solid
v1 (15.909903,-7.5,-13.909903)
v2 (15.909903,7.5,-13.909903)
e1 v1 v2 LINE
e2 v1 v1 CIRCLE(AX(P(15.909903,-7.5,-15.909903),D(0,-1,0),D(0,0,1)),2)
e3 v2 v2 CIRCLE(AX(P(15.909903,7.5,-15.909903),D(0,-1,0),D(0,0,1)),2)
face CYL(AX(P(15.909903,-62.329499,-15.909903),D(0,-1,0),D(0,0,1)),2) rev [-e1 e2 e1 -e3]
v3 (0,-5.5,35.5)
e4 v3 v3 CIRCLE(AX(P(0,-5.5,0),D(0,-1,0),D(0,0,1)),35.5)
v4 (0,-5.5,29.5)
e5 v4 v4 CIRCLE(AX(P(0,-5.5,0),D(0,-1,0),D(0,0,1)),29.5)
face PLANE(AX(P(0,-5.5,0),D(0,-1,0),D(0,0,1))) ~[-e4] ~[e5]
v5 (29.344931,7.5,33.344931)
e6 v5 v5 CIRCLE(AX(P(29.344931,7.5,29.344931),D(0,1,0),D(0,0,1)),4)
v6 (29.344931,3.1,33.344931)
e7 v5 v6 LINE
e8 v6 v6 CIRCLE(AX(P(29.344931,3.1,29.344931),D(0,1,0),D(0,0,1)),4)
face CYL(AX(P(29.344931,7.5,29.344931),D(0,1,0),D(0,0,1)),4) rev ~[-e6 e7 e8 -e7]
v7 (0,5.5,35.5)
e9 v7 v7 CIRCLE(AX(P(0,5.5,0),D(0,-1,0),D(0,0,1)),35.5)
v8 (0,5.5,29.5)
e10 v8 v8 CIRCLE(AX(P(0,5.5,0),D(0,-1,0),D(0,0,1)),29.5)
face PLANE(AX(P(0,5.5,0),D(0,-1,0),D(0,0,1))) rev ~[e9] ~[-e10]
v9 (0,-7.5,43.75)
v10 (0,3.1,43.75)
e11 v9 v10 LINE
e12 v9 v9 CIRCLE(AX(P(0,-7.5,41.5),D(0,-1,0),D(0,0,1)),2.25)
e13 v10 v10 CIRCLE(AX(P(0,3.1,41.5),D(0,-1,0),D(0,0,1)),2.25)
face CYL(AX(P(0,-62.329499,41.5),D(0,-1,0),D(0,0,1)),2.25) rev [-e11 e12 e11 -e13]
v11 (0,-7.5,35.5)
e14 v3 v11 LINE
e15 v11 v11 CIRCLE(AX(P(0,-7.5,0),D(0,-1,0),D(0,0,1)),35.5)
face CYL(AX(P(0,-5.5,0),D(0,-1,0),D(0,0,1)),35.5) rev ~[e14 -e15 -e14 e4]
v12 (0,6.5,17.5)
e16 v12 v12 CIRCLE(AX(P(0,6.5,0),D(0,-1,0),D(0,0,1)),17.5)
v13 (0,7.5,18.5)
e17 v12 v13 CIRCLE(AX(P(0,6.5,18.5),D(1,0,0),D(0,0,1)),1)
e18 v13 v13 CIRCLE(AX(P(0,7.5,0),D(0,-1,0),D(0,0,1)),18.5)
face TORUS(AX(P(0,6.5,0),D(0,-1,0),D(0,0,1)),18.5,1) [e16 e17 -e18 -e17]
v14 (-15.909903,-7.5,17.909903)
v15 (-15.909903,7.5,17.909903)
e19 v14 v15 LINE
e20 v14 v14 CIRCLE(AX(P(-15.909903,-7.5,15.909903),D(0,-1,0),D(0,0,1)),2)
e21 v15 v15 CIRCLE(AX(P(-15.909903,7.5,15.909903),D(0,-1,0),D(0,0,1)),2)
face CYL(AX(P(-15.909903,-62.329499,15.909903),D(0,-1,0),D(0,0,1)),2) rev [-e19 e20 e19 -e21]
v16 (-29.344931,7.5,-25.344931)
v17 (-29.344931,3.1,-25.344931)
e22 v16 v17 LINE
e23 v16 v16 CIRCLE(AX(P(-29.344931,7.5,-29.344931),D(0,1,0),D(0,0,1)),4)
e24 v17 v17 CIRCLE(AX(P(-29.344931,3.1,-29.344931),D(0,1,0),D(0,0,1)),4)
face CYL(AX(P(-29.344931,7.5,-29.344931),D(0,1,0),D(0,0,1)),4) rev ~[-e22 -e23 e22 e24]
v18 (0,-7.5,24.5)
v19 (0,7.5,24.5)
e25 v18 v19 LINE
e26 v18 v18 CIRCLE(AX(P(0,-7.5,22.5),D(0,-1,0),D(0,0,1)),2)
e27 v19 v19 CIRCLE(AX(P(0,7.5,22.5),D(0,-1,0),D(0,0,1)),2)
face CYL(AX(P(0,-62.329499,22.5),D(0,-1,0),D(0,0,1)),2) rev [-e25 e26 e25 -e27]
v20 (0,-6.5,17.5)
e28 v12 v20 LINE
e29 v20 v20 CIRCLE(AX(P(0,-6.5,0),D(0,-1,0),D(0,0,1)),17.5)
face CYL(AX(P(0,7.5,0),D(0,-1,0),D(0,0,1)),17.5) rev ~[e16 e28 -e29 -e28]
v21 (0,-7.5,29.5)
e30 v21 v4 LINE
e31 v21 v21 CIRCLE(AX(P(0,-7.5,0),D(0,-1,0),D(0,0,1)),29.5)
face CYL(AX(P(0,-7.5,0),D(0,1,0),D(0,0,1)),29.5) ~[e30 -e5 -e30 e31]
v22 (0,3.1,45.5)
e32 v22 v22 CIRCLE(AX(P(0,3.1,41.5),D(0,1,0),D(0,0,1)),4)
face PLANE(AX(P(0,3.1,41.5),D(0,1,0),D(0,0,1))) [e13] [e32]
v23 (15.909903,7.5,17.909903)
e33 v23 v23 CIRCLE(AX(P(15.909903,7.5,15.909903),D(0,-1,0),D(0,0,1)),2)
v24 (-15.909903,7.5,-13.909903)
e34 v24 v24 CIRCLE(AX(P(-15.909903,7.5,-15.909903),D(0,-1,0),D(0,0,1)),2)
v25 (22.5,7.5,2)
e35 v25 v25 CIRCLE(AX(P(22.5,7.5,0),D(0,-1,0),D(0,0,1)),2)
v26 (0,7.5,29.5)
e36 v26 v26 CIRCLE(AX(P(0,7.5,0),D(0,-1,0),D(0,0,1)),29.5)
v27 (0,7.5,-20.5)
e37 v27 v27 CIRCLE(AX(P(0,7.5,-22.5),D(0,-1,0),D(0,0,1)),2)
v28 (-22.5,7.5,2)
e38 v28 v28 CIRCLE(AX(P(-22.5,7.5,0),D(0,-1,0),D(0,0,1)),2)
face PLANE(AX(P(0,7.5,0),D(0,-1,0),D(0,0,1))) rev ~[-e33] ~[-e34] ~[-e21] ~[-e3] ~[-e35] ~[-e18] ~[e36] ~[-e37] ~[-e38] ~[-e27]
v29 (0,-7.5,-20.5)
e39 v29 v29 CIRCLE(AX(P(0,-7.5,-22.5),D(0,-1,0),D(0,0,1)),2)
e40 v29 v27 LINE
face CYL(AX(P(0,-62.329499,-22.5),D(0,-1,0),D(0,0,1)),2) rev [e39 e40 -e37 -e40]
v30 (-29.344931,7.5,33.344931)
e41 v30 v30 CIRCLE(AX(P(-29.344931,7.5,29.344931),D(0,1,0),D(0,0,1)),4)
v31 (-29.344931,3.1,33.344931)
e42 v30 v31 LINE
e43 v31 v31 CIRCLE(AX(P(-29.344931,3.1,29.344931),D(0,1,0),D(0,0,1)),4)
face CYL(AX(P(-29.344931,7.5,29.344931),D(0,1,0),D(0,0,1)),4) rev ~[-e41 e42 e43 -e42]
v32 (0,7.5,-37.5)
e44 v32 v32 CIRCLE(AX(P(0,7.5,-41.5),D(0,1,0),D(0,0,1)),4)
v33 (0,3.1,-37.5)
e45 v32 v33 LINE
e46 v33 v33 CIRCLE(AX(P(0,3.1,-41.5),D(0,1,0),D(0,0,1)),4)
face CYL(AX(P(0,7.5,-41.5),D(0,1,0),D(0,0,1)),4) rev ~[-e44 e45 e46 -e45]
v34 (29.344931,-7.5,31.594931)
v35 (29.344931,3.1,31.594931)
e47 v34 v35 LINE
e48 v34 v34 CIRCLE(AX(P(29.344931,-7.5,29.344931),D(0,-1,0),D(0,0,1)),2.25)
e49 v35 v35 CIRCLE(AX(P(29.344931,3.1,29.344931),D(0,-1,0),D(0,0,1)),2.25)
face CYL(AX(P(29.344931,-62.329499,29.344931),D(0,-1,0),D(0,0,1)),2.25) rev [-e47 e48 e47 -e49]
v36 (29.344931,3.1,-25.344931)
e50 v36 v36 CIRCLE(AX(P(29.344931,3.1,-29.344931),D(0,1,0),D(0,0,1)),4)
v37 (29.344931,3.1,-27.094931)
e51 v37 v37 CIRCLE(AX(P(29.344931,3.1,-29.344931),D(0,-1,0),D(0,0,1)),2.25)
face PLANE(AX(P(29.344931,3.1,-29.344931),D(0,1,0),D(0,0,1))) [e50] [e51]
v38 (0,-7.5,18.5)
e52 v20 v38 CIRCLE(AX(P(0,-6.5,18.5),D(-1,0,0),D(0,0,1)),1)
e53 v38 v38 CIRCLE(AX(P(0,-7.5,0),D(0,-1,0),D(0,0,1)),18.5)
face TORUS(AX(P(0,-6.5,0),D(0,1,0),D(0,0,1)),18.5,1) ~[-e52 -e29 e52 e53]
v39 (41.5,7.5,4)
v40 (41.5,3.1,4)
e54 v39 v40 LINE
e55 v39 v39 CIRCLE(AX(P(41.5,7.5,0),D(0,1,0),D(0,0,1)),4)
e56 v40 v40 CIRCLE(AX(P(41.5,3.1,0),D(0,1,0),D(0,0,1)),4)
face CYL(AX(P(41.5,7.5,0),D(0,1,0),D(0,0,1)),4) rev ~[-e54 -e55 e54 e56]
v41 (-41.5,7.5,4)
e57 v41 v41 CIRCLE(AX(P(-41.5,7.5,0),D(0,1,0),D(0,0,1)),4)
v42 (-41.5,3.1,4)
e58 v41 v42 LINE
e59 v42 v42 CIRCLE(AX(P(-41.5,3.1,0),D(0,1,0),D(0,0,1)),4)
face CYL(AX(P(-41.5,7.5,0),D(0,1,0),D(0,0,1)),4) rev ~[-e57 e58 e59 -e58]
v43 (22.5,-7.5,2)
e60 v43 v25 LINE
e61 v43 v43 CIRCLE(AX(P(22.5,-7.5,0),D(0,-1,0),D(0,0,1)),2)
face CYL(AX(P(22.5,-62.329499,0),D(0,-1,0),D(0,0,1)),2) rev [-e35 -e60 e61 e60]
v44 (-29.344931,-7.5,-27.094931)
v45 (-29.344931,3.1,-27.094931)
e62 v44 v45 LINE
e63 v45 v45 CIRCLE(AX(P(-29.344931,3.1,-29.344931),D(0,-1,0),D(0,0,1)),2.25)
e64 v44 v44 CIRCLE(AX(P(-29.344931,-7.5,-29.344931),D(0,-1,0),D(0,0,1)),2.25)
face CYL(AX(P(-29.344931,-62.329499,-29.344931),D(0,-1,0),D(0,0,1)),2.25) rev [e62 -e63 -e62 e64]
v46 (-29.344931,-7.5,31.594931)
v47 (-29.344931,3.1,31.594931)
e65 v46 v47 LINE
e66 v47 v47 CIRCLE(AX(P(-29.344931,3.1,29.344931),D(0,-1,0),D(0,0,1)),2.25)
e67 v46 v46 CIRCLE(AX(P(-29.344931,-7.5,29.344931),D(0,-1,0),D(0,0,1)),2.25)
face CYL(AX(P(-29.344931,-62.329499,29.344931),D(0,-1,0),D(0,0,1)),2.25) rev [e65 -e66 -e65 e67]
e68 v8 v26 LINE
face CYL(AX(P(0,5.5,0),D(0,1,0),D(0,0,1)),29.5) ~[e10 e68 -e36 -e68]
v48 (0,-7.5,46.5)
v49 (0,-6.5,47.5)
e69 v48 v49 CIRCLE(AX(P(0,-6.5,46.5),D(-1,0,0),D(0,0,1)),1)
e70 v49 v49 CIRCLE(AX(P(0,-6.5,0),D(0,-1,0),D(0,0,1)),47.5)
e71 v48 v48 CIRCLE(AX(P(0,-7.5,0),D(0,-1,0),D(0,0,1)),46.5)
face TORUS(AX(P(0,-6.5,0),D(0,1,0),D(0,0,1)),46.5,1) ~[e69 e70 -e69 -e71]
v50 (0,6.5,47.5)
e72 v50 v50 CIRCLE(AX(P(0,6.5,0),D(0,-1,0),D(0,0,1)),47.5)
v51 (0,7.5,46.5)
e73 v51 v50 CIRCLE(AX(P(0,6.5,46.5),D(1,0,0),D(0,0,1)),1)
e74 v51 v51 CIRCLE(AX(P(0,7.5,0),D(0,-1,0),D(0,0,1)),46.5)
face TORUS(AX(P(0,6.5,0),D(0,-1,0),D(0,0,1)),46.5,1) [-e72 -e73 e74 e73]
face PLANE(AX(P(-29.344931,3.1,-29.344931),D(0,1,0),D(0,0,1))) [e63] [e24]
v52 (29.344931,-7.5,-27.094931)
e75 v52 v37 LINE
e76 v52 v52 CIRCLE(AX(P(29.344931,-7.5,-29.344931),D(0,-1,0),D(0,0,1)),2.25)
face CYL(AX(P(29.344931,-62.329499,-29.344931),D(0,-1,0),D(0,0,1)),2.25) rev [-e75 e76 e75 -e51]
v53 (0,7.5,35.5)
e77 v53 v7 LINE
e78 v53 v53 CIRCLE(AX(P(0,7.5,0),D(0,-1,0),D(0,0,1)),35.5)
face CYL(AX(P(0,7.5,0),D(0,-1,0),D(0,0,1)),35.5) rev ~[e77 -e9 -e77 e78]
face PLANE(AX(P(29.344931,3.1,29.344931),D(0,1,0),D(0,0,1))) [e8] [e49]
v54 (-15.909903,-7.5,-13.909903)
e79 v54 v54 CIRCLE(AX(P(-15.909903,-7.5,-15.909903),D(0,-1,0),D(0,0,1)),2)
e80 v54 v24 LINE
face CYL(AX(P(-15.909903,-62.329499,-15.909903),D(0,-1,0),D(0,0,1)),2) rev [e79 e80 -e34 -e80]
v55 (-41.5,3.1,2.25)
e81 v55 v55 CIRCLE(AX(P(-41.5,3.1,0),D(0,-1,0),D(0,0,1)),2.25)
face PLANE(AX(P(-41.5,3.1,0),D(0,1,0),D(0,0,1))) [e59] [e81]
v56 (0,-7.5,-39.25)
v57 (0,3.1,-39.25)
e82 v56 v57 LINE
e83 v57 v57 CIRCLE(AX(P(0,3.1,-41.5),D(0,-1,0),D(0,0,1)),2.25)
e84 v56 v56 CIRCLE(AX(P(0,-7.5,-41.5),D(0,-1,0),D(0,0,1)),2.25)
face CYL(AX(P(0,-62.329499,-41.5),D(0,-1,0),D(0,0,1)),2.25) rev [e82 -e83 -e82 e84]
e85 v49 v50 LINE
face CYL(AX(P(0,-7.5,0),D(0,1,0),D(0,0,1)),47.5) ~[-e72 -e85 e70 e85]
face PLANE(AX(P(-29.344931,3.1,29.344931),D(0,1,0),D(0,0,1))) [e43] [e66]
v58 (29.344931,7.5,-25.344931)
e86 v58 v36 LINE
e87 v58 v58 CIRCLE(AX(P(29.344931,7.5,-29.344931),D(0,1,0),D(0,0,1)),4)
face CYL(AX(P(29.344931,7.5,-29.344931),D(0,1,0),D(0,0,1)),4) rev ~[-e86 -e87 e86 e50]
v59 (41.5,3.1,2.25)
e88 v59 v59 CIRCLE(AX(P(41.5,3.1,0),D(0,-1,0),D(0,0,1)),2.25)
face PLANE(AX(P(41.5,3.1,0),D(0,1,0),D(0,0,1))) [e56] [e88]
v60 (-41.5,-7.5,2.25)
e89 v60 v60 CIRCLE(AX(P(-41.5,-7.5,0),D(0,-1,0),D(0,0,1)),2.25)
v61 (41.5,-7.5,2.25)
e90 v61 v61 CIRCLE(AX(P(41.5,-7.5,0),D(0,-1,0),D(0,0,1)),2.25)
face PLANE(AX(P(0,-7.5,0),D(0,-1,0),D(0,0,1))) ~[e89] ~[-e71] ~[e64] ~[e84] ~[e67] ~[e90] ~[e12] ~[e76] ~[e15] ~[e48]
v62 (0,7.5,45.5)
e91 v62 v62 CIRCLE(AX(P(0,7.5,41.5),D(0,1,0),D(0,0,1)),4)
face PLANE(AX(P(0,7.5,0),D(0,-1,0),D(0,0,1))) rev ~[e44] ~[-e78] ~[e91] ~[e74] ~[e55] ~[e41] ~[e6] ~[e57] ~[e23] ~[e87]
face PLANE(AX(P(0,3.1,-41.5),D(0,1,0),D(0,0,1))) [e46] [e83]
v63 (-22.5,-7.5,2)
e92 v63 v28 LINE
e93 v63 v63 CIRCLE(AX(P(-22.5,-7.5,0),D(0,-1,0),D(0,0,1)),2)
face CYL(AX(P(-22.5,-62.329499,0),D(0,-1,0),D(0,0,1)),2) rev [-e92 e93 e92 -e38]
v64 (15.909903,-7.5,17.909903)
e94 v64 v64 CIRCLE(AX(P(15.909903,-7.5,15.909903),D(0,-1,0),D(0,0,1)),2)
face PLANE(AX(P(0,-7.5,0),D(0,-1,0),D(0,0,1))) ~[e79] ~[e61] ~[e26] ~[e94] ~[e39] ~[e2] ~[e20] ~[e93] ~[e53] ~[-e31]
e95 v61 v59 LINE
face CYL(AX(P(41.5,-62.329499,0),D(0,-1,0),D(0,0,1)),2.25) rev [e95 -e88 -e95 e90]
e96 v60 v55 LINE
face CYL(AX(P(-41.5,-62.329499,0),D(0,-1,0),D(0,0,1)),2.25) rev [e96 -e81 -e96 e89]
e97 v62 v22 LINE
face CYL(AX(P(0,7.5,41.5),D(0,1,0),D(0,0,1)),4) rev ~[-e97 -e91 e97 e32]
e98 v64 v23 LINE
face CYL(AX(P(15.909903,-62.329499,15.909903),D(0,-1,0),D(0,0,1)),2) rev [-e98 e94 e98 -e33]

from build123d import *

# Parameters (mm, degrees)
CUT_EXTRUDE_1_DEPTH      = 69.82949949
CUT_EXTRUDE_1_DEPTH_BACK = 69.82949949
SKETCH_2_R               = 2
SKETCH_2_R_2             = 2.25
SKETCH_3_R               = 4
CUT_EXTRUDE_2_DEPTH      = 4.4
FILLET_1_R               = 1


with BuildPart() as part:
    # 草图1 → 旋转1 (revolve)
    with BuildSketch(Plane.XY, mode=Mode.PRIVATE) as revolve_1_sk:
        Polygon((17.5, 7.5), (17.5, -7.5), (29.5, -7.5), (29.5, -5.5), (35.5, -5.5), (35.5, -7.5), (47.5, -7.5), (47.5, 7.5), (35.5, 7.5), (35.5, 5.5), (29.5, 5.5), (29.5, 7.5), align=None)
    revolve(revolve_1_sk.sketch.rotate(Axis((0, 50.744480159, 0), (0, -1, 0)), 90), axis=Axis((0, 50.744480159, 0), (0, -1, 0)))

    # 草图2 → 切除-拉伸1 (cut, two sides: drawn at the far end of the back side and taken through both)
    with BuildSketch(Plane(origin=(0, 7.5, 0), x_dir=(1, 0, 0), z_dir=(0, 1, 0)).offset(-CUT_EXTRUDE_1_DEPTH_BACK)):
        with Locations(Location((0, 22.5, 0), (0, 0, 270))):
            Circle(SKETCH_2_R)
        with Locations(Location((0, 41.5, 0), (0, 0, 270))):
            Circle(SKETCH_2_R_2)
        with Locations(Location((15.909902577, 15.909902577, 0), (0, 0, 270))):
            Circle(SKETCH_2_R)
        with Locations(Location((22.5, 0, 0), (0, 0, 270))):
            Circle(SKETCH_2_R)
        with Locations(Location((15.909902577, -15.909902577, 0), (0, 0, 270))):
            Circle(SKETCH_2_R)
        with Locations(Location((0, -22.5, 0), (0, 0, 270))):
            Circle(SKETCH_2_R)
        with Locations(Location((-15.909902577, -15.909902577, 0), (0, 0, 270))):
            Circle(SKETCH_2_R)
        with Locations(Location((-22.5, 0, 0), (0, 0, 270))):
            Circle(SKETCH_2_R)
        with Locations(Location((-15.909902577, 15.909902577, 0), (0, 0, 270))):
            Circle(SKETCH_2_R)
        with Locations(Location((29.344931419, 29.344931419, 0), (0, 0, 270))):
            Circle(SKETCH_2_R_2)
        with Locations(Location((41.5, 0, 0), (0, 0, 270))):
            Circle(SKETCH_2_R_2)
        with Locations(Location((29.344931419, -29.344931419, 0), (0, 0, 270))):
            Circle(SKETCH_2_R_2)
        with Locations(Location((0, -41.5, 0), (0, 0, 270))):
            Circle(SKETCH_2_R_2)
        with Locations(Location((-29.344931419, -29.344931419, 0), (0, 0, 270))):
            Circle(SKETCH_2_R_2)
        with Locations(Location((-41.5, 0, 0), (0, 0, 270))):
            Circle(SKETCH_2_R_2)
        with Locations(Location((-29.344931419, 29.344931419, 0), (0, 0, 270))):
            Circle(SKETCH_2_R_2)
    extrude(amount=CUT_EXTRUDE_1_DEPTH + CUT_EXTRUDE_1_DEPTH_BACK, mode=Mode.SUBTRACT)

    # 草图3 → 切除-拉伸2 (cut)
    with BuildSketch(Plane(origin=(0, 7.5, 0), x_dir=(1, 0, 0), z_dir=(0, 1, 0))):
        with Locations(Location((0, 41.5, 0), (0, 0, 270))):
            Circle(SKETCH_3_R)
        with Locations(Location((29.344931419, 29.344931419, 0), (0, 0, 270))):
            Circle(SKETCH_3_R)
        with Locations(Location((41.5, 0, 0), (0, 0, 270))):
            Circle(SKETCH_3_R)
        with Locations(Location((29.344931419, -29.344931419, 0), (0, 0, 270))):
            Circle(SKETCH_3_R)
        with Locations(Location((0, -41.5, 0), (0, 0, 270))):
            Circle(SKETCH_3_R)
        with Locations(Location((-29.344931419, -29.344931419, 0), (0, 0, 270))):
            Circle(SKETCH_3_R)
        with Locations(Location((-41.5, 0, 0), (0, 0, 270))):
            Circle(SKETCH_3_R)
        with Locations(Location((-29.344931419, 29.344931419, 0), (0, 0, 270))):
            Circle(SKETCH_3_R)
    extrude(amount=-CUT_EXTRUDE_2_DEPTH, mode=Mode.SUBTRACT)

    # 圆角1
    fillet_1_edges = [part.edges().sort_by_distance(p)[0] for p in [
        (0, -7.5, -47.5),
        (0, 7.5, -47.5),
        (0, 7.5, -17.5),
        (0, -7.5, -17.5),
    ]]
    fillet(fillet_1_edges, radius=FILLET_1_R)


solid = part.part
